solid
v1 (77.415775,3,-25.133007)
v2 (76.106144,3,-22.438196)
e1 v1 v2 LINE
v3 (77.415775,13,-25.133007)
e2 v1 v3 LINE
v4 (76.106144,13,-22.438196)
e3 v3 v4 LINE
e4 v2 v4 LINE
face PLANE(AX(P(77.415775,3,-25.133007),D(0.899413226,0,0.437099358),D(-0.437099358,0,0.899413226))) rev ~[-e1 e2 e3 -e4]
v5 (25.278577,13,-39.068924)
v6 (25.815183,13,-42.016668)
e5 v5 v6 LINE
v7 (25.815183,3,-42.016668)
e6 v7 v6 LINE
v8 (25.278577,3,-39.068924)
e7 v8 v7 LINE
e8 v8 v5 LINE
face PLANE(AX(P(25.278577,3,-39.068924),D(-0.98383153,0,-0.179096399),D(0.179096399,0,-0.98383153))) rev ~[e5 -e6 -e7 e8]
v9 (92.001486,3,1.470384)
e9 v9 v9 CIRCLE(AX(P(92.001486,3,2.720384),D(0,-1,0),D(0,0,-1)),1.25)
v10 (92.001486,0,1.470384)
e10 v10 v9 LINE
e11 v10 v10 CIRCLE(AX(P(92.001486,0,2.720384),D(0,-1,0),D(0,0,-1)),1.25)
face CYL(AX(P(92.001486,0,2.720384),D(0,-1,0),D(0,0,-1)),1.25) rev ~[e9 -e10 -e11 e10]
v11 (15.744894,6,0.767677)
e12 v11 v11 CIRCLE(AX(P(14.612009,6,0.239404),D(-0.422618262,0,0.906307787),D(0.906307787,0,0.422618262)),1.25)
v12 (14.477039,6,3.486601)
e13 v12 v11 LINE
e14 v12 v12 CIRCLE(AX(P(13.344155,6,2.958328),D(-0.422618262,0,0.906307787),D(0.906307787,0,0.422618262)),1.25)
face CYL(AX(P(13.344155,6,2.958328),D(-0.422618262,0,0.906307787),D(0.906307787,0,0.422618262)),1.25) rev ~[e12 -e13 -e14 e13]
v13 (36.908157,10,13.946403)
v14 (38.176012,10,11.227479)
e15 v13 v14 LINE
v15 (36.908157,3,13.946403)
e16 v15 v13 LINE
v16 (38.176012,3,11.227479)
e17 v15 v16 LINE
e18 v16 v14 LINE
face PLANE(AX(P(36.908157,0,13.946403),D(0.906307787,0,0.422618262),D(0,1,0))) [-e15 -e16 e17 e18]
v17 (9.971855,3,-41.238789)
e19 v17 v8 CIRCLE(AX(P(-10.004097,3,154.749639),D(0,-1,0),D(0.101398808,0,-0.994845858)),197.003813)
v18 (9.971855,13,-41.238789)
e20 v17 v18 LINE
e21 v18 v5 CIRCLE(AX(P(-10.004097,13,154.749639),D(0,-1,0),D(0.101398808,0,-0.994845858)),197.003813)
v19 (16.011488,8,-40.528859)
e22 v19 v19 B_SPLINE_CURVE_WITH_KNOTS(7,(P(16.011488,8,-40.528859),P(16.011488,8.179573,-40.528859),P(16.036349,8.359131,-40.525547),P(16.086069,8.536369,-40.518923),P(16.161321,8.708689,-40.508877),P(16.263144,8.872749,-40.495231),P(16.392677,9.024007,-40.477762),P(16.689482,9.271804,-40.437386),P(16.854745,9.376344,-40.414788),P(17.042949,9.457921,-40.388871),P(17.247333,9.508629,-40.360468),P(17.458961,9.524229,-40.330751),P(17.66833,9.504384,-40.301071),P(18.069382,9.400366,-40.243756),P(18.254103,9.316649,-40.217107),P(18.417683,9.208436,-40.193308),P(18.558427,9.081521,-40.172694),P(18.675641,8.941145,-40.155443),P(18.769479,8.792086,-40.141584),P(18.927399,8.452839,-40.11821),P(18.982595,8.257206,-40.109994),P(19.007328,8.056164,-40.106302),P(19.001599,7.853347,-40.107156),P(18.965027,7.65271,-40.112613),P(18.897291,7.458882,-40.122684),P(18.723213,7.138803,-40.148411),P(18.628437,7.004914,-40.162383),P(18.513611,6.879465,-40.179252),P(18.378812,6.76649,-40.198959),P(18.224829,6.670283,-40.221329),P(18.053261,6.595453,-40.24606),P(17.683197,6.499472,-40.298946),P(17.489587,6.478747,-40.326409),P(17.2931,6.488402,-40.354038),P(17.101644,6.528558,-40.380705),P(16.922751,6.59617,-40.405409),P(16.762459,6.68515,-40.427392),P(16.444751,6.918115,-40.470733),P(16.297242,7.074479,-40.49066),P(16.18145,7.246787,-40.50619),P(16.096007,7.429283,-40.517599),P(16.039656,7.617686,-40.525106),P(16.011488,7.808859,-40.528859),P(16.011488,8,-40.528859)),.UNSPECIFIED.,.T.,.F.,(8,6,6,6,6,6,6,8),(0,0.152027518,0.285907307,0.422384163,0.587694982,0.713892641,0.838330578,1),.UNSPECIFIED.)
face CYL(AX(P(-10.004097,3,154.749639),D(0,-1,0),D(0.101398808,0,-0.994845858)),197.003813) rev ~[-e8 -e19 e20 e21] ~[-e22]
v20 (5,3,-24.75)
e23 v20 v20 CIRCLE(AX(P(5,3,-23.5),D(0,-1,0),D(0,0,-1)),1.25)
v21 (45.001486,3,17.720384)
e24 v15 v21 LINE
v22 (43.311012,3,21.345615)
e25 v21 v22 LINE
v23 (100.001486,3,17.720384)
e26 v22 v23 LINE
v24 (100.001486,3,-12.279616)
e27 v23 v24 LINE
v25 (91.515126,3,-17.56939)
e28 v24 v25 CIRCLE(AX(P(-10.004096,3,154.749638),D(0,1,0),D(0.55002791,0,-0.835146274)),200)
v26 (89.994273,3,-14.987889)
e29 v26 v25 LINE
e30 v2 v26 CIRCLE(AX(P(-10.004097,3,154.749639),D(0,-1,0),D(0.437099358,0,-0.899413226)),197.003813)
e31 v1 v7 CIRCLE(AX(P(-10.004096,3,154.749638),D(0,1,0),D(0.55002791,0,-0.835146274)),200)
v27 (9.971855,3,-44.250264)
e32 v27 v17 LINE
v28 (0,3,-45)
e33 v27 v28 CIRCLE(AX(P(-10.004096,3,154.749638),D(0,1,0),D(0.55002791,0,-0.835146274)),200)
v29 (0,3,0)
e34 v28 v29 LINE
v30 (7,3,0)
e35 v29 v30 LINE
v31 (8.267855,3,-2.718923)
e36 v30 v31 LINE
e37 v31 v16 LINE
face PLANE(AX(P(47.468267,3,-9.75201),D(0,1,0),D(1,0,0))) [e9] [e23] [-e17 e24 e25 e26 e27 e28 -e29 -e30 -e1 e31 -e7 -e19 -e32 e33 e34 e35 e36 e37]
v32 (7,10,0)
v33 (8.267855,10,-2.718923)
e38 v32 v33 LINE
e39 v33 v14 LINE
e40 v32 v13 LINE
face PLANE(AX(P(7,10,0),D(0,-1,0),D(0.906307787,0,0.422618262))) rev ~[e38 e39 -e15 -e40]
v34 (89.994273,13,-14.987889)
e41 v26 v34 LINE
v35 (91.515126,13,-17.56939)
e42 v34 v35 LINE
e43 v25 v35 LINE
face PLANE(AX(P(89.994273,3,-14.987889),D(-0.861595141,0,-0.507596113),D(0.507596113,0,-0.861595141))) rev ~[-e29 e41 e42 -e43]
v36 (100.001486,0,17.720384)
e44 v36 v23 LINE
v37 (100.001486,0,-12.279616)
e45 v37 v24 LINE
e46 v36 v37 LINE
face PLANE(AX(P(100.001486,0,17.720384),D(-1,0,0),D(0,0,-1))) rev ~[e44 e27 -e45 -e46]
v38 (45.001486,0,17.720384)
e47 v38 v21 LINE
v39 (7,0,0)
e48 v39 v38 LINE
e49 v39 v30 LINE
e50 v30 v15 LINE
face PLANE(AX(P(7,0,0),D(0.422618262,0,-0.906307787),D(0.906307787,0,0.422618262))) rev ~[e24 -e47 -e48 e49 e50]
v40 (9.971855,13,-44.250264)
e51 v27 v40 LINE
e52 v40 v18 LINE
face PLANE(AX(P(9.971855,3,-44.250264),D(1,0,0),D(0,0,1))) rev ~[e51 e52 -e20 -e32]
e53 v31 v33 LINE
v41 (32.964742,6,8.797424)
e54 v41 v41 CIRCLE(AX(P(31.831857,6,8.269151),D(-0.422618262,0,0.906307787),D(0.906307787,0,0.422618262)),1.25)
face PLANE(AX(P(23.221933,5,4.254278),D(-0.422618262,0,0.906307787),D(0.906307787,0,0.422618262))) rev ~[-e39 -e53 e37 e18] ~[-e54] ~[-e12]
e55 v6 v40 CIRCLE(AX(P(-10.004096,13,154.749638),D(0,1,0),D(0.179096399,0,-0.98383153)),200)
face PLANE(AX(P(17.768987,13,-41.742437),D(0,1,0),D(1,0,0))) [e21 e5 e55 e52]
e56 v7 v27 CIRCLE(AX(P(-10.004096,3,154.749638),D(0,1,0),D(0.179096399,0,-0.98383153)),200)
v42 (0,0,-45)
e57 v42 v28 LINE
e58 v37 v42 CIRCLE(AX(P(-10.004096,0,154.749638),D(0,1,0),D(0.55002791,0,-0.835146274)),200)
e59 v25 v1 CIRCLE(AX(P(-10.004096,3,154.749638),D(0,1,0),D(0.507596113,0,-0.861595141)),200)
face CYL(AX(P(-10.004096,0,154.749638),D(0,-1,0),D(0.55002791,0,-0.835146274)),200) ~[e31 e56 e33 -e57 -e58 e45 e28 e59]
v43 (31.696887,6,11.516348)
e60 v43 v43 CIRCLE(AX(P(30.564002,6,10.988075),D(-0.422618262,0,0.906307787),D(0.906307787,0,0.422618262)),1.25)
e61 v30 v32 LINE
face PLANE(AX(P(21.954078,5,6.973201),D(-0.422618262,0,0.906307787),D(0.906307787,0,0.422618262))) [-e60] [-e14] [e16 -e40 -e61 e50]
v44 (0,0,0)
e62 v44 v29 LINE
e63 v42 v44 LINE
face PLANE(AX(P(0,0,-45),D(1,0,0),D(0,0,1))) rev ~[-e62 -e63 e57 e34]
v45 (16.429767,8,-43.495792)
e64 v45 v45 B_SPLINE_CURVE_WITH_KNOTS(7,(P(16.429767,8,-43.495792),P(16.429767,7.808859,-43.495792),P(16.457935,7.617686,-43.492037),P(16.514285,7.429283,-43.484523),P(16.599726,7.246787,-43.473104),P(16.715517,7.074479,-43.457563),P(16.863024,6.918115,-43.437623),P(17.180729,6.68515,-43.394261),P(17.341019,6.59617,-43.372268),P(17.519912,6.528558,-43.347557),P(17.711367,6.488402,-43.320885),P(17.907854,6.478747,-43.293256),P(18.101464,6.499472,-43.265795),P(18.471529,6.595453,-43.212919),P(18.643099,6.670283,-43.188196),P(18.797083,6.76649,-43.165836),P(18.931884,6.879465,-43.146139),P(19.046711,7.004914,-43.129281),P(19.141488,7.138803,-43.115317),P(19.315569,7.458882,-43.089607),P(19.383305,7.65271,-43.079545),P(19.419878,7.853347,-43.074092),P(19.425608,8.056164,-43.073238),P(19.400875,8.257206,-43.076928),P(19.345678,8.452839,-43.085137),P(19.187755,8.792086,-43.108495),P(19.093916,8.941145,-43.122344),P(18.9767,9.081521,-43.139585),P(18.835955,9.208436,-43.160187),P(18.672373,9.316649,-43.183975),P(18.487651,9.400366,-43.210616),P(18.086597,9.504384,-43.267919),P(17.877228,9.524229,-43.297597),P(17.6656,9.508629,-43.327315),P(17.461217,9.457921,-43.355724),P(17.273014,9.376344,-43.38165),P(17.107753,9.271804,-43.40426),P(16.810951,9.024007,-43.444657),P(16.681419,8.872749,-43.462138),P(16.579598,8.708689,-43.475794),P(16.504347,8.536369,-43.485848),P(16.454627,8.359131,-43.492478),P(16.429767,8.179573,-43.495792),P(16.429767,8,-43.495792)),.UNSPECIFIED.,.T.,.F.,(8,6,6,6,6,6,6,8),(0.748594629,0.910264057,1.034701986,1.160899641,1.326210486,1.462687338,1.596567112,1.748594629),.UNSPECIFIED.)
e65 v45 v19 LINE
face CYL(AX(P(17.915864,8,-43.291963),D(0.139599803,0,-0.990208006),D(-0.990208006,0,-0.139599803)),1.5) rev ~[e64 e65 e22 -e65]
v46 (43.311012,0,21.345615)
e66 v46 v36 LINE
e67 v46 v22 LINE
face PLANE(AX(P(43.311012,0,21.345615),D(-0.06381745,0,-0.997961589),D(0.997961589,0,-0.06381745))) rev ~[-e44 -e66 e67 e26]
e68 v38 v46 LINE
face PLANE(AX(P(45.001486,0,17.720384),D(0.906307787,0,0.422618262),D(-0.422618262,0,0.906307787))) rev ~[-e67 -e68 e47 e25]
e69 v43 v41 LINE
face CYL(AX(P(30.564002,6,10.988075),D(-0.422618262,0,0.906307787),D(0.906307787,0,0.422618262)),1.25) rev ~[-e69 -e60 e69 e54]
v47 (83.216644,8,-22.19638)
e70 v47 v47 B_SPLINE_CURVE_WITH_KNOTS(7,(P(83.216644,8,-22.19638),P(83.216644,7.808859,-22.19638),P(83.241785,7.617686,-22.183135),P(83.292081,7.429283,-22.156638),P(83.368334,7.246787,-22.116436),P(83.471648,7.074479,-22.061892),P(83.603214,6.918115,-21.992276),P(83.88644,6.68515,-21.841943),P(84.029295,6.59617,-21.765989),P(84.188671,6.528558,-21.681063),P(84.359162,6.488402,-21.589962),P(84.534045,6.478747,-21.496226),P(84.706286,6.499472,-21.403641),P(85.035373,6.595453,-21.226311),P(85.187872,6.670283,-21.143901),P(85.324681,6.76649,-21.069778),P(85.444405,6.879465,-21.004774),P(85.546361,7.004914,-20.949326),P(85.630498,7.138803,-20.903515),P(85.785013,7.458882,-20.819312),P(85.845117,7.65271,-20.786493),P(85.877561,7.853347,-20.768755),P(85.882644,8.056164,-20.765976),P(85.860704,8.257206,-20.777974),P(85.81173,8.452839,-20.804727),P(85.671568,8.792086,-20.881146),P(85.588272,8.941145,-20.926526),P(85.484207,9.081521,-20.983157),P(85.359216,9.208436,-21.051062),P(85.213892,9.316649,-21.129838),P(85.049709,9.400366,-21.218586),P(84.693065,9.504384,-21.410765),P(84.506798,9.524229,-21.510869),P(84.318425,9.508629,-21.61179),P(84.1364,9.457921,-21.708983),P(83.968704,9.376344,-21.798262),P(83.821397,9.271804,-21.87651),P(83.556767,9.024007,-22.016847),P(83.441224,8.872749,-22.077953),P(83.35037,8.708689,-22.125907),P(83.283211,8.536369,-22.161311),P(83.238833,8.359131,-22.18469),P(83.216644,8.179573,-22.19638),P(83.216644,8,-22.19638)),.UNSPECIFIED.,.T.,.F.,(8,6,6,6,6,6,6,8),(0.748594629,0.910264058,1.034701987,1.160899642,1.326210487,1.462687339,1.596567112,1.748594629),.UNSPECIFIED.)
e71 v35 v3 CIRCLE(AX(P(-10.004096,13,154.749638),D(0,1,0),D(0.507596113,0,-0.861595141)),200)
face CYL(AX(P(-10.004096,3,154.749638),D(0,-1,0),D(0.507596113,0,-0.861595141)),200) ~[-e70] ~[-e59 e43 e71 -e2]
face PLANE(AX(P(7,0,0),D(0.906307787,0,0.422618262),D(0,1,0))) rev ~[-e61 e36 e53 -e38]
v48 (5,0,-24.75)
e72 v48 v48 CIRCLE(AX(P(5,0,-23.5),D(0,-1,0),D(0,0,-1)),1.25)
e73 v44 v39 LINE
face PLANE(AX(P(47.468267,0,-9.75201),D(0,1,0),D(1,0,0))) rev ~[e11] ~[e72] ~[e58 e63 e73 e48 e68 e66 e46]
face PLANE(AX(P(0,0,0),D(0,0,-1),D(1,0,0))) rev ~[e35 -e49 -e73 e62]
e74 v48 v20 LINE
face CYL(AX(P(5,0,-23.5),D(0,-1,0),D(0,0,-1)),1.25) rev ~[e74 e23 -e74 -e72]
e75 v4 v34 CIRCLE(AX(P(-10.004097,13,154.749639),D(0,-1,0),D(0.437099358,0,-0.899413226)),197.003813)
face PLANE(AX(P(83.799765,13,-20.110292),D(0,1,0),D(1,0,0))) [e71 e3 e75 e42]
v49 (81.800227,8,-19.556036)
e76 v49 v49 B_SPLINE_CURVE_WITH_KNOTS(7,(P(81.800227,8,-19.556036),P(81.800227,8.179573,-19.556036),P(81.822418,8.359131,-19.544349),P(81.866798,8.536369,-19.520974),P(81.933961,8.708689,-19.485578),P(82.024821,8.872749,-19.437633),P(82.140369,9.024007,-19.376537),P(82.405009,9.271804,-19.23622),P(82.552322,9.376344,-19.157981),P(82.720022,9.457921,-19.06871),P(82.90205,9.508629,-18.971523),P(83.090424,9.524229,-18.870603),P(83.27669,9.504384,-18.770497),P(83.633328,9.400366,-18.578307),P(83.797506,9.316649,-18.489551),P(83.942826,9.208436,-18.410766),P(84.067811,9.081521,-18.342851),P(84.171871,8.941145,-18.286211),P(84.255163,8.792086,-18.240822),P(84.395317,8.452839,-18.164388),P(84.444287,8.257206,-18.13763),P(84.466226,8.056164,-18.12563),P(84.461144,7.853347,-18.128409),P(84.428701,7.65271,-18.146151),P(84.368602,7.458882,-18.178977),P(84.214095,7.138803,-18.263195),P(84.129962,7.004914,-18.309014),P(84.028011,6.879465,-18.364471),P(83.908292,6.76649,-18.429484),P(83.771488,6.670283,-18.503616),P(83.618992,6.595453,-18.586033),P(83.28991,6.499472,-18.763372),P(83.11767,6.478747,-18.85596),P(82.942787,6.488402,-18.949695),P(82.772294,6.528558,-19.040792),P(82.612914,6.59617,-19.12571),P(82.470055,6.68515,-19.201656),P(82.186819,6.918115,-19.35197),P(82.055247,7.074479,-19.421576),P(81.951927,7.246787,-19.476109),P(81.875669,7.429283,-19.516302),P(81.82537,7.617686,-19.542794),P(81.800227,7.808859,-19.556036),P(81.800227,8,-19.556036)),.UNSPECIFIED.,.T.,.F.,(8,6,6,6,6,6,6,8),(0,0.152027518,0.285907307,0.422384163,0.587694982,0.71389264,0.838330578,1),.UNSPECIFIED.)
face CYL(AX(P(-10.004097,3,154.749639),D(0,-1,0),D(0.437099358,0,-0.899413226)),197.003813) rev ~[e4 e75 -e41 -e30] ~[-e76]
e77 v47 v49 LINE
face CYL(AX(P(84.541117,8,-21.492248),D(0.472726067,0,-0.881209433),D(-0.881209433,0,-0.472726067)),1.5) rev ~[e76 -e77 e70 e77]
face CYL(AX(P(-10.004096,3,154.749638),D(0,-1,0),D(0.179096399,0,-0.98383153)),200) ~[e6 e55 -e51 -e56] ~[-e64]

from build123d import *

# Parameters (mm, degrees)
BOSS_EXTRUDE1_DEPTH     = 3
SKETCH2_W               = 33
SKETCH2_H               = 10
SKETCH2_R               = 1.25
BOSS_EXTRUDE2_DEPTH     = 3
SKETCH3_R               = 1.25
CUT_EXTRUDE1_DEPTH      = 111.114926801
BOSS_EXTRUDE3_DEPTH     = 10
CUT_EXTRUDE2_REACH      = 107.286
CUT_EXTRUDE2_END_RADIUS = 197.003812576
SKETCH8_R               = 1.5
CUT_EXTRUDE3_REACH      = 97.662
CUT_EXTRUDE3_END_RADIUS = 197.003812576
SKETCH9_R               = 1.5


with BuildPart() as part:
    # Sketch1 → Boss-Extrude1 (new body)
    with BuildSketch(Plane(origin=(0, 0, 0), x_dir=(1, 0, 0), z_dir=(0, 1, 0))):
        with BuildLine():
            Line((0, 45), (0, 0))
            Line((0, 0), (7, 0))
            Line((7, 0), (45.00148551, -17.720383715))
            Line((45.00148551, -17.720383715), (43.311012463, -21.345614863))
            Line((43.311012463, -21.345614863), (100.00148551, -17.720383715))
            Line((100.00148551, -17.720383715), (100.00148551, 12.279616285))
            ThreePointArc((100.00148551, 12.279616285), (52.191052923, 35.333931061), (0, 45))
        make_face()
    extrude(amount=BOSS_EXTRUDE1_DEPTH)

    # Sketch2 → Boss-Extrude2 (add)
    with BuildSketch(Plane(origin=(1.250243366, 0, -2.681155551), x_dir=(0.9063077870366495, 0, 0.42261826174070033), z_dir=(-0.42261826174070033, 0, 0.9063077870366495))):
        with Locations((22.844154509, 5)):
            Rectangle(SKETCH2_W, SKETCH2_H)
        with Locations((13.344154509, 6)):
            Circle(SKETCH2_R, mode=Mode.SUBTRACT)
        with Locations((32.344154509, 6)):
            Circle(SKETCH2_R, mode=Mode.SUBTRACT)
    extrude(amount=-BOSS_EXTRUDE2_DEPTH)

    # Sketch3 → Cut-Extrude1 (cut, through all)
    with BuildSketch(Plane.XZ):
        with Locations(Location((5, -23.5, 0), (0, 0, 270))):
            Circle(SKETCH3_R)
        with Locations(Location((92.00148551, 2.720383715, 0), (0, 0, 270))):
            Circle(SKETCH3_R)
    extrude(amount=-CUT_EXTRUDE1_DEPTH, mode=Mode.SUBTRACT)

    # Sketch6 → Boss-Extrude3 (add)
    with BuildSketch(Plane(origin=(0, 3, 0), x_dir=(1, 0, 0), z_dir=(0, 1, 0))):
        with BuildLine():
            ThreePointArc((25.815183319, 42.016667614), (17.915864182, 43.291962745), (9.971855225, 44.250264466))
            Line((9.971855225, 44.250264466), (9.971855225, 41.238788581))
            ThreePointArc((9.971855225, 41.238788581), (17.646509134, 40.304062324), (25.278576941, 39.068923955))
            Line((25.278576941, 39.068923955), (25.815183319, 42.016667614))
        make_face()
        with BuildLine():
            ThreePointArc((91.515126037, 17.56938971), (84.541117021, 21.492248202), (77.415775106, 25.13300679))
            Line((77.415775106, 25.13300679), (76.106143507, 22.438196193))
            ThreePointArc((76.106143507, 22.438196193), (83.124741123, 18.85197958), (89.994272948, 14.987889185))
            Line((89.994272948, 14.987889185), (91.515126037, 17.56938971))
        make_face()
    extrude(amount=BOSS_EXTRUDE3_DEPTH)

    # Cut-Extrude2: up to this cylinder (the profile starts outside it)
    cut_extrude2_end = Plane(origin=(-10.004096478, 8, 154.749638432), z_dir=(0, -1, 0)) * Cylinder(CUT_EXTRUDE2_END_RADIUS, 609.579625152, mode=Mode.PRIVATE)
    # Sketch8 → Cut-Extrude2 (cut, up to the surface)
    with BuildSketch(Plane(origin=(17.915864182, 13, -43.291962745), x_dir=(-0.9902080058846244, 0, -0.13959980330213892), z_dir=(0.13959980330213892, 0, -0.9902080058846244)), mode=Mode.PRIVATE) as cut_extrude2_sk1:
        with Locations((0, -5)):
            Circle(SKETCH8_R)
    cut_extrude2_tool1 = extrude(cut_extrude2_sk1.sketch, amount=-CUT_EXTRUDE2_REACH, mode=Mode.PRIVATE) - cut_extrude2_end
    add(cut_extrude2_tool1.solids().sort_by_distance((17.915864, 8, -43.291963))[0], mode=Mode.SUBTRACT)

    # Cut-Extrude3: up to this cylinder (the profile starts outside it)
    cut_extrude3_end = Plane(origin=(-10.004096478, 8, 154.749638432), z_dir=(0, -1, 0)) * Cylinder(CUT_EXTRUDE3_END_RADIUS, 590.331625152, mode=Mode.PRIVATE)
    # Sketch9 → Cut-Extrude3 (cut, up to the surface)
    with BuildSketch(Plane(origin=(84.541117021, 13, -21.492248202), x_dir=(-0.8812094331704029, 0, -0.4727260674973377), z_dir=(0.4727260674973377, 0, -0.8812094331704029)), mode=Mode.PRIVATE) as cut_extrude3_sk1:
        with Locations((0, -5)):
            Circle(SKETCH9_R)
    cut_extrude3_tool1 = extrude(cut_extrude3_sk1.sketch, amount=-CUT_EXTRUDE3_REACH, mode=Mode.PRIVATE) - cut_extrude3_end
    add(cut_extrude3_tool1.solids().sort_by_distance((84.541117, 8, -21.492248))[0], mode=Mode.SUBTRACT)


solid = part.part
